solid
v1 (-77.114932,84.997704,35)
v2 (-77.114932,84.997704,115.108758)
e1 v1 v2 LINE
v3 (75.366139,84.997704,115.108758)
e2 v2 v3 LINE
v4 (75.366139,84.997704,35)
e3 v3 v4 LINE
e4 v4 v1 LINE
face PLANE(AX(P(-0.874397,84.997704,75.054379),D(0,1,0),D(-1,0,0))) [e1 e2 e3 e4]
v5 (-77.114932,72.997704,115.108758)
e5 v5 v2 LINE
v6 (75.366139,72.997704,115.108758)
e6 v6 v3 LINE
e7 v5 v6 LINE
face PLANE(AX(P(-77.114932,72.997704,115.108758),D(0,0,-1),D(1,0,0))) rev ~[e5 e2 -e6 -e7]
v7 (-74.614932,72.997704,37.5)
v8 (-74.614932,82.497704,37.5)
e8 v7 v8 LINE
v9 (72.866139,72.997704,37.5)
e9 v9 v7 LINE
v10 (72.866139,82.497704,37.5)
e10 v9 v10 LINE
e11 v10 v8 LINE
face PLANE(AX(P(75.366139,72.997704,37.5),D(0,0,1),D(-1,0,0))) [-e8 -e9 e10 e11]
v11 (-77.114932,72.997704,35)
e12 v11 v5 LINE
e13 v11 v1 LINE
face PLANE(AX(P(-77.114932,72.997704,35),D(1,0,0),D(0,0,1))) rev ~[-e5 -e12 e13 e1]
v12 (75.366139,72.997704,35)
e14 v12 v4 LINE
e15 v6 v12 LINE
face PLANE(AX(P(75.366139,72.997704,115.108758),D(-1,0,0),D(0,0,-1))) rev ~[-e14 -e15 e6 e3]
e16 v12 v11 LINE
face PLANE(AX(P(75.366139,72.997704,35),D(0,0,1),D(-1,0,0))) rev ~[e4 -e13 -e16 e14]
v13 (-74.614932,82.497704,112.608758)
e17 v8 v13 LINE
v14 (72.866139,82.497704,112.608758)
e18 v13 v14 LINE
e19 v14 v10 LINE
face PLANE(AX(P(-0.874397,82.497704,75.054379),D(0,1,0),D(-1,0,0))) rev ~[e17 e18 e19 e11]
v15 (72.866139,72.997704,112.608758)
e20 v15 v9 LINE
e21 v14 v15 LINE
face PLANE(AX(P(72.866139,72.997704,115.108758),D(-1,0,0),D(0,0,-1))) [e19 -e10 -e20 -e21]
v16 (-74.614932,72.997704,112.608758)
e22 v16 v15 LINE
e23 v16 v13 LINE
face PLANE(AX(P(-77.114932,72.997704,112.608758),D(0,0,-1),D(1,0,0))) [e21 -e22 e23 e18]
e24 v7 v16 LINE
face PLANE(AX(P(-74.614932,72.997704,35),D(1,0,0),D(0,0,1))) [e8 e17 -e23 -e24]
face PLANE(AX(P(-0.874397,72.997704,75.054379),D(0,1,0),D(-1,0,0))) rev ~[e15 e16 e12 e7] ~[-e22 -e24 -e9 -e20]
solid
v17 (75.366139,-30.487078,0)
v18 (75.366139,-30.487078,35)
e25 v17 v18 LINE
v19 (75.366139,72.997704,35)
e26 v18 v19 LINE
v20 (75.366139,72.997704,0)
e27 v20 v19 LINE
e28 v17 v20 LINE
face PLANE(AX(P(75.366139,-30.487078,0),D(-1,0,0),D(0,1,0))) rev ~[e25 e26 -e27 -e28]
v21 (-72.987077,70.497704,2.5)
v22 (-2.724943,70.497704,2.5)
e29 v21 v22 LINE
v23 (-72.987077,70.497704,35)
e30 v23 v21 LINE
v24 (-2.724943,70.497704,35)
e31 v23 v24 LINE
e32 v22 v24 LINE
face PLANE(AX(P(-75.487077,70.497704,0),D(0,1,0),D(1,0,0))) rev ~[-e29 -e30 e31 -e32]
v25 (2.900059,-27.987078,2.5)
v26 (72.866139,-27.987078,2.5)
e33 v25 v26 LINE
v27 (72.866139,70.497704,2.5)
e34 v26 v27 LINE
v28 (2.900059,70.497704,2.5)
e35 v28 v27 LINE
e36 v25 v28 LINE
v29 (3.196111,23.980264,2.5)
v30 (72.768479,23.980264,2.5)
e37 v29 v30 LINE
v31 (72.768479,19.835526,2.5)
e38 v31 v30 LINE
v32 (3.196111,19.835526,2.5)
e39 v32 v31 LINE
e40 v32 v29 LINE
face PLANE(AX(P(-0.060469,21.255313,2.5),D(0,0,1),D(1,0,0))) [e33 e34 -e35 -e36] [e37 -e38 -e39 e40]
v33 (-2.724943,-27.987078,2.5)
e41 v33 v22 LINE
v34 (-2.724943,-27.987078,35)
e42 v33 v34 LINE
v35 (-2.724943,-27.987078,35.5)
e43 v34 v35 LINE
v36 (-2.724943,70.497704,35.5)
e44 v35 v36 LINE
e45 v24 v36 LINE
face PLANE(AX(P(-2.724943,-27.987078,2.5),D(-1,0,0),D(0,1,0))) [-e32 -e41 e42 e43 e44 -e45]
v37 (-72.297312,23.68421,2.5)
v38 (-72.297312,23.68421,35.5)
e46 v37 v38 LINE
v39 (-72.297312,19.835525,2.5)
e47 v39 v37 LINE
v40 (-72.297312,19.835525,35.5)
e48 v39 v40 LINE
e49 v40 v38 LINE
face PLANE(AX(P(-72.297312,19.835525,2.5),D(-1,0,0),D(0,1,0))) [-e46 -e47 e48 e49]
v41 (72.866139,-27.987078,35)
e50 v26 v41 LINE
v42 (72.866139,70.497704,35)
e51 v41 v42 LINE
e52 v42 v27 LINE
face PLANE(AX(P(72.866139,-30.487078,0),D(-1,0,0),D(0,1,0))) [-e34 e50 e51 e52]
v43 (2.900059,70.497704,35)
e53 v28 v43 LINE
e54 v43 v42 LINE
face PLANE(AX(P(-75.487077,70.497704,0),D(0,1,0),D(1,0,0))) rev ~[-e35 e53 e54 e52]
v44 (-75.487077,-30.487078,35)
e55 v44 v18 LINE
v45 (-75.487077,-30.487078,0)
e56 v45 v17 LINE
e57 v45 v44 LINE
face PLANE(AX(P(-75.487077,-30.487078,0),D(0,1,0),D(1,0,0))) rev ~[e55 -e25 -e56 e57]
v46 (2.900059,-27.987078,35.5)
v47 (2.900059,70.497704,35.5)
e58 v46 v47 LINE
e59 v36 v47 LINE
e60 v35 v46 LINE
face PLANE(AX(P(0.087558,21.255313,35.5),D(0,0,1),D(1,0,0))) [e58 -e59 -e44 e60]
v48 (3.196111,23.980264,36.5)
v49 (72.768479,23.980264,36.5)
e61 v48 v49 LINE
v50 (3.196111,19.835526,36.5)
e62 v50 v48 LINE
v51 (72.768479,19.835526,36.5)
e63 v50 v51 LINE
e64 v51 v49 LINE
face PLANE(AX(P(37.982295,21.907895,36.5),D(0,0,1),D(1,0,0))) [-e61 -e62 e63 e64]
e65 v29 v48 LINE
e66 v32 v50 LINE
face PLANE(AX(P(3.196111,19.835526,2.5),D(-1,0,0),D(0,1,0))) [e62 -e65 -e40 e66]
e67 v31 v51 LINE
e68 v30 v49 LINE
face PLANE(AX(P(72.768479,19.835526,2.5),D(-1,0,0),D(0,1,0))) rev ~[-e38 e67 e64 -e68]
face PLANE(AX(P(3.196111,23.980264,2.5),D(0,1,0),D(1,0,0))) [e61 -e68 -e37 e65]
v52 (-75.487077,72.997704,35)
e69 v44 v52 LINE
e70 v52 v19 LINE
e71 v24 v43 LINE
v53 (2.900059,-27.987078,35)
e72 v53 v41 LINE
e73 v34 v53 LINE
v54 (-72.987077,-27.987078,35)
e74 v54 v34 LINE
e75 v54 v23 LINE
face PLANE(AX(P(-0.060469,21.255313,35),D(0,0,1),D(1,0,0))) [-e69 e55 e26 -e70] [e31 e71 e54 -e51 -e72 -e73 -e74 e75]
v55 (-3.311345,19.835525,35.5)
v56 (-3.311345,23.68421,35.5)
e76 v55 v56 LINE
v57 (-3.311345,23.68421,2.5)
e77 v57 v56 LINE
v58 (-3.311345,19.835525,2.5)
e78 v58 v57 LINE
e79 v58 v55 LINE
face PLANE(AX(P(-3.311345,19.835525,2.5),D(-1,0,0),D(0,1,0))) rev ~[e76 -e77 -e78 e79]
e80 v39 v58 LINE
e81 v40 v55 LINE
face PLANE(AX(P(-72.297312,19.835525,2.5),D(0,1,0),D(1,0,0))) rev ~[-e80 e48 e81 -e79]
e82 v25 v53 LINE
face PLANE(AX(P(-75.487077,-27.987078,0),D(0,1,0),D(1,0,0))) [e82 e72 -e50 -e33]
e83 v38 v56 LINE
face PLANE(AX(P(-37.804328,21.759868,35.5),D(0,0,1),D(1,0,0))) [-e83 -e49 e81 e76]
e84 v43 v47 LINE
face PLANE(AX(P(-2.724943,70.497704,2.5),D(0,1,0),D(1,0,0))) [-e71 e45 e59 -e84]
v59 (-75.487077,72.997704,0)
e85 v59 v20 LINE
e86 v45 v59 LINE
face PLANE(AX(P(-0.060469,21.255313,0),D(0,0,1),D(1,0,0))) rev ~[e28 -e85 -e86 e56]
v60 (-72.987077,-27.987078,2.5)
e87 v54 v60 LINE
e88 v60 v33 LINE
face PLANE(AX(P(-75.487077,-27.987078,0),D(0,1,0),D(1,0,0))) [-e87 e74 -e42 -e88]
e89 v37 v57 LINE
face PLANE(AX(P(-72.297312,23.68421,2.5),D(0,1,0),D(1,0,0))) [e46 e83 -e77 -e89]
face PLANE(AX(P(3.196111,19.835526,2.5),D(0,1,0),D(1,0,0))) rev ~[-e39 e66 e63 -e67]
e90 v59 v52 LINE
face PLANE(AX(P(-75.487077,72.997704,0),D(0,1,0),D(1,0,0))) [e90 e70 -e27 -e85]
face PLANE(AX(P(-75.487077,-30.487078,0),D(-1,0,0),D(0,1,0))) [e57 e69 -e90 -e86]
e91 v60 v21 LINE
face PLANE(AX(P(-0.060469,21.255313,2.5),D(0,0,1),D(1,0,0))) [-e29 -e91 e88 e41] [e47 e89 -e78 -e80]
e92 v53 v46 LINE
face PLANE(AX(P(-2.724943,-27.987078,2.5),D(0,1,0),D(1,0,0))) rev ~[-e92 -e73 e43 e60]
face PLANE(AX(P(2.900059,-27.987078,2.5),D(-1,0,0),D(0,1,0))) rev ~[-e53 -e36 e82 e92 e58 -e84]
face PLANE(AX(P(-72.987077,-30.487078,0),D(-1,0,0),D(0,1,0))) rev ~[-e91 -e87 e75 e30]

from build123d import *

# Parameters (mm, degrees)
F0_W      = 150.853216
F0_H      = 103.484783
F1_DEPTH  = 35
F2_T      = -2.5
F3_W      = 5.625002
F3_H      = 98.484783
F6_DEPTH  = 33
F5_W      = 69.572369
F5_H      = 4.144738
F7_DEPTH  = 34
F4_W      = 68.985967
F4_H      = 3.848685
F8_DEPTH  = 33
F10_DEPTH = 12
F11_T     = -2.5


with BuildPart() as f1:
    # F0 (on Top) → F1 (new body)
    with BuildSketch(Plane.XY):
        with Locations((-0.060469, 21.255313)):
            Rectangle(F0_W, F0_H)
    extrude(amount=F1_DEPTH)

    # F2
    f2_openings = [f1.faces().sort_by_distance(p)[0] for p in [
        (-0.060469, 21.255312, 35),
    ]]
    offset(amount=F2_T, openings=f2_openings)

    # F3 (on face) → F6 (join)
    with BuildSketch(Plane.XY.offset(2.5)):
        with Locations((0.087558, 21.255313)):
            Rectangle(F3_W, F3_H)
    extrude(amount=F6_DEPTH)

    # F5 (on face) → F7 (join)
    with BuildSketch(Plane.XY.offset(2.5)):
        with Locations((37.982295, 21.907895)):
            Rectangle(F5_W, F5_H)
    extrude(amount=F7_DEPTH)

    # F4 (on face) → F8 (join)
    with BuildSketch(Plane.XY.offset(2.5)):
        with Locations((-37.804328, 21.759868)):
            Rectangle(F4_W, F4_H)
    extrude(amount=F8_DEPTH)


with BuildPart() as f10:
    # F9 (on face) → F10 (new body)
    with BuildSketch(Plane(origin=(0, 72.997704, 0), x_dir=(-1, 0, 0), z_dir=(0, 1, 0))):
        Polygon((-75.366139, 115.108758), (-75.366139, 35), (75.487077, 35), (77.114932, 35), (77.114932, 115.108758), align=None)
    extrude(amount=F10_DEPTH)

    # F11
    f11_openings = [f10.faces().sort_by_distance(p)[0] for p in [
        (-0.874396, 72.997704, 75.054379),
    ]]
    offset(amount=F11_T, openings=f11_openings)


solid = Compound([f1.part, f10.part])
